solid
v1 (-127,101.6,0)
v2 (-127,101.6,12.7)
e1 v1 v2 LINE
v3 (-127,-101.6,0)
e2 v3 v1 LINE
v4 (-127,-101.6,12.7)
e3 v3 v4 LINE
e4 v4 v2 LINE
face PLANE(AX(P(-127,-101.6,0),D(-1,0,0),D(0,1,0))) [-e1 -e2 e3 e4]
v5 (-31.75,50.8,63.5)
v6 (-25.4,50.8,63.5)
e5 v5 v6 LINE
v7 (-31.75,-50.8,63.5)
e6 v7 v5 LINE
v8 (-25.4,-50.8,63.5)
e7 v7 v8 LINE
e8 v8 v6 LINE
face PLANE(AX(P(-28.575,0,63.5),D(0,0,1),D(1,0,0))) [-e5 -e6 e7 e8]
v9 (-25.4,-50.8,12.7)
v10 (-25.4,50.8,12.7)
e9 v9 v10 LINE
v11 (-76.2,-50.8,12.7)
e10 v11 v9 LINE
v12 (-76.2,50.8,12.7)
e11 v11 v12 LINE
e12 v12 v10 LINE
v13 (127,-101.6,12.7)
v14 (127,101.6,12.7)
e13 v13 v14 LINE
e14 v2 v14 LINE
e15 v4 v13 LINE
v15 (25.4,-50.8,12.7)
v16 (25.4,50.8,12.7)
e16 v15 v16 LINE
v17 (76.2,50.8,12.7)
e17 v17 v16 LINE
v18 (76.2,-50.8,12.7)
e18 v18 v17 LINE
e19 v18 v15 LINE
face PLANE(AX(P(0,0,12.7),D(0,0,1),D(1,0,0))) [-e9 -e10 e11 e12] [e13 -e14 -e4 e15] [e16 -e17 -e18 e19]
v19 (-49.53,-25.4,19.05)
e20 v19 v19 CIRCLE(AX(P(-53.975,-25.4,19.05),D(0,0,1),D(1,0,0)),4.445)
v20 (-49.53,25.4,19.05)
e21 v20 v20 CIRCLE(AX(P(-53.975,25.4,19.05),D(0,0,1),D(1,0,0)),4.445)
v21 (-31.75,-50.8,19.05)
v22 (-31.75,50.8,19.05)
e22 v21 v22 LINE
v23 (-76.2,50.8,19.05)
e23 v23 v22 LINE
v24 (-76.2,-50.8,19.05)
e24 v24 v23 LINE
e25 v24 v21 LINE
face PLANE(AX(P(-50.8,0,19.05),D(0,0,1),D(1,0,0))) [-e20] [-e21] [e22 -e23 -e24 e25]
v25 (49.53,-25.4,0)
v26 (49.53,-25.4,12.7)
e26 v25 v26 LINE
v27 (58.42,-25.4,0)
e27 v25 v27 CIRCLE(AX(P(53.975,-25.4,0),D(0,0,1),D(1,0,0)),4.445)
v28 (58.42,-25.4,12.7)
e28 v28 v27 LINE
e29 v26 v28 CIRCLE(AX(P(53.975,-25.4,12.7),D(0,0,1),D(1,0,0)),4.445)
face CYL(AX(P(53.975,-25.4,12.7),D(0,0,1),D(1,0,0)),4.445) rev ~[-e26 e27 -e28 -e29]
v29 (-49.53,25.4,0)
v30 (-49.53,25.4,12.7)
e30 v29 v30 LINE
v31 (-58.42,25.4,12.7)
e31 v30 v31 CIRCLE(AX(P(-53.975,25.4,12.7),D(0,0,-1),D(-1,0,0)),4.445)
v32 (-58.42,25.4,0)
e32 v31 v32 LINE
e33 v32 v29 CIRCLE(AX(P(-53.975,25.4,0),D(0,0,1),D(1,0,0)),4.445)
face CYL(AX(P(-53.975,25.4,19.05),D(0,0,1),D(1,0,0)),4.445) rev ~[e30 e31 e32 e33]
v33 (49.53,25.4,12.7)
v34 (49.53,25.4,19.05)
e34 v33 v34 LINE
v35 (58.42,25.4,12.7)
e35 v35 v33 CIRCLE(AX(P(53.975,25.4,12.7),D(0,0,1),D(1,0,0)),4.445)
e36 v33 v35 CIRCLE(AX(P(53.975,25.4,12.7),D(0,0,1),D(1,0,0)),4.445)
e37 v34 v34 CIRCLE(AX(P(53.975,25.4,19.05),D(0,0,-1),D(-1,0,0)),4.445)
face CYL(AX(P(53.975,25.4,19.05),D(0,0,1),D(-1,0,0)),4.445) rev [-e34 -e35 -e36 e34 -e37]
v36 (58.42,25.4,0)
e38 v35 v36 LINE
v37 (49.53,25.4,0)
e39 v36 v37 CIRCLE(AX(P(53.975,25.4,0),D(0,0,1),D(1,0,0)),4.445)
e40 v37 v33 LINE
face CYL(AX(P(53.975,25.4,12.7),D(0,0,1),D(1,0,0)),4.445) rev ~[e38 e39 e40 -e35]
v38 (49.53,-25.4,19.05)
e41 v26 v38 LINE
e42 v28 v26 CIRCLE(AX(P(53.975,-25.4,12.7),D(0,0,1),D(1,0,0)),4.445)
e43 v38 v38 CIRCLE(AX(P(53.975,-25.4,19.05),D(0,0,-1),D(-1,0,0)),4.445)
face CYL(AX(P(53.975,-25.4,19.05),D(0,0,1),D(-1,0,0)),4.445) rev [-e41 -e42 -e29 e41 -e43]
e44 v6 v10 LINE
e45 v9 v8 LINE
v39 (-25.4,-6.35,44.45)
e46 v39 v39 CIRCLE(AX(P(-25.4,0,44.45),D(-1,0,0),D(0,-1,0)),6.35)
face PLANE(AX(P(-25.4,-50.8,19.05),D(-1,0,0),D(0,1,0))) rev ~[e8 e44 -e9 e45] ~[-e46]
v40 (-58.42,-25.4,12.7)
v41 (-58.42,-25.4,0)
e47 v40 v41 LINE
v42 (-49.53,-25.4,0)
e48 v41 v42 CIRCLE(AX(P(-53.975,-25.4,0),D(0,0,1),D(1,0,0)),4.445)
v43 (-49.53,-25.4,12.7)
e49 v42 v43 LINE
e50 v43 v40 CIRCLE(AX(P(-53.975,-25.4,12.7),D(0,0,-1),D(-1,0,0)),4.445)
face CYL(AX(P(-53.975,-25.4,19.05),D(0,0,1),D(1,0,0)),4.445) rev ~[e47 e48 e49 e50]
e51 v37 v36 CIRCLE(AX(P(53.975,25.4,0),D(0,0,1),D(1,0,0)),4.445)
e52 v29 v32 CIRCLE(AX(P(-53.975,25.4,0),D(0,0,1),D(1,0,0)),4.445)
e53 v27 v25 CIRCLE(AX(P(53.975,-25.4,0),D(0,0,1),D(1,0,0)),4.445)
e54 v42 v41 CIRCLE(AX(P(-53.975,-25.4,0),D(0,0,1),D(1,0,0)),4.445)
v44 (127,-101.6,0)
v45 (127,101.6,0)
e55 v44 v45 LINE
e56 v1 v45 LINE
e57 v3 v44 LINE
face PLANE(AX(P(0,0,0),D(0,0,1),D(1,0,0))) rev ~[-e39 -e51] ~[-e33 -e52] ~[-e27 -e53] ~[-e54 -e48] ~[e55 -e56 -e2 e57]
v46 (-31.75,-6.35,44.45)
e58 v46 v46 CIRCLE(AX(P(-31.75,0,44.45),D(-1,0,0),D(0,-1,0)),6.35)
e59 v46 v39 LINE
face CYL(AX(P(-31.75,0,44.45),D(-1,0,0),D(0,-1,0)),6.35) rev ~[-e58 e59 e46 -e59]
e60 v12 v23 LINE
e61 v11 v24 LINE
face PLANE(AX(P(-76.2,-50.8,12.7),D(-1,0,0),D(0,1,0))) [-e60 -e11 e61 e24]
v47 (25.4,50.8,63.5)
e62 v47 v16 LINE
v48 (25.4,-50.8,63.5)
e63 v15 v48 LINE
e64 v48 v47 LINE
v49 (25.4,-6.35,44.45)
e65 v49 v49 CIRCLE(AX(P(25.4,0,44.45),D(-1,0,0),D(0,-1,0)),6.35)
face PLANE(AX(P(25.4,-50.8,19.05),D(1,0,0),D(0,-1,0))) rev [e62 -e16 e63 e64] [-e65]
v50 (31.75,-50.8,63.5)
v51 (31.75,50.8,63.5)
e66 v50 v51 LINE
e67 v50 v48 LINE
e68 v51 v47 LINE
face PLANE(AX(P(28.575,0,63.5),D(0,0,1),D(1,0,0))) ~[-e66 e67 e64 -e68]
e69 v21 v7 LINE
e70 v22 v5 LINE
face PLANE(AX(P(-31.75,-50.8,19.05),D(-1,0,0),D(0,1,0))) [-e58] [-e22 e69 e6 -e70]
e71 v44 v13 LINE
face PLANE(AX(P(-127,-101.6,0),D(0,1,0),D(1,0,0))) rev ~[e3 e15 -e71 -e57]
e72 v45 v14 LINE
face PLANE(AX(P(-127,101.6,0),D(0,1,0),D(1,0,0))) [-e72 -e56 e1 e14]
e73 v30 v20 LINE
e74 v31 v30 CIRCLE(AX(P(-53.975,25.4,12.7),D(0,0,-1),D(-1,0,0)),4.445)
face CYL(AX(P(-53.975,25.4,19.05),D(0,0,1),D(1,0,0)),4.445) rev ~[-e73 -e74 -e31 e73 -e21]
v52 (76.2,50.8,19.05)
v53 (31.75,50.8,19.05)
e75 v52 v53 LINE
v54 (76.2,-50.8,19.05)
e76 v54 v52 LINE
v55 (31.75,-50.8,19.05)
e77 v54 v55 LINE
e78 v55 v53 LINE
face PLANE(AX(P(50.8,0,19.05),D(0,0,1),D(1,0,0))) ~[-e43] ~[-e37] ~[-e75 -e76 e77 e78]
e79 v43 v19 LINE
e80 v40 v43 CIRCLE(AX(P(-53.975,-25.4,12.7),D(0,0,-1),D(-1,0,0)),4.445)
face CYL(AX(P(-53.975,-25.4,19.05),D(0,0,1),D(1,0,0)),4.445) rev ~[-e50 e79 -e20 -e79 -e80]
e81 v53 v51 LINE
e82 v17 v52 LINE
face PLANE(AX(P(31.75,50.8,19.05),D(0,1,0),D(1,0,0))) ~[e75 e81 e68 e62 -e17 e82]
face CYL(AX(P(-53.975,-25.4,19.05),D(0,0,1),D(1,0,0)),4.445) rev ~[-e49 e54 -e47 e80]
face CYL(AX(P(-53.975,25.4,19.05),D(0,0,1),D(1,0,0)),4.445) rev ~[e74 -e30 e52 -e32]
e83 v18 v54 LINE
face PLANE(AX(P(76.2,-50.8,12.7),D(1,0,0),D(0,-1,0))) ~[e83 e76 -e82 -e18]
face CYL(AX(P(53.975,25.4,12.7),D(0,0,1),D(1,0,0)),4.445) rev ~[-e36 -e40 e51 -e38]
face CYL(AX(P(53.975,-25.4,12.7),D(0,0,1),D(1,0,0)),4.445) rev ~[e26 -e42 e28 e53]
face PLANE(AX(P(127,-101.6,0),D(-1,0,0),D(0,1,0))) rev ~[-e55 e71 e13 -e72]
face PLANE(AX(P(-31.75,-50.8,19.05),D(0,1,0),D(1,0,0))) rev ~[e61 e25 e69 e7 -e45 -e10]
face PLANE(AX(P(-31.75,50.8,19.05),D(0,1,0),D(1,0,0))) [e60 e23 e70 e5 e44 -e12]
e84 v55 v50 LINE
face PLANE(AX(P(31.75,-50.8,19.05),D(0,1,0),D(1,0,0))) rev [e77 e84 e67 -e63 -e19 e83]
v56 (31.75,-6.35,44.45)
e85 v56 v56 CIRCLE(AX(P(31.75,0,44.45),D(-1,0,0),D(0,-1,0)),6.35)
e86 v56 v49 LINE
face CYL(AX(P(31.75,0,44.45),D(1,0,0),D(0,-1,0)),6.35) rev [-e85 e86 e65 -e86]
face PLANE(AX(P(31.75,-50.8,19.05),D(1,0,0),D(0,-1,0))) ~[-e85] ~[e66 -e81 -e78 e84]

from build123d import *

# Parameters (mm, degrees)
F0_W      = 254
F0_H      = 203.2
F1_DEPTH  = 12.7
F2_R      = 4.445
F3_DEPTH  = 25.4
F4_W      = 50.8
F4_H      = 101.6
F5_DEPTH  = 6.35
F6_W      = 6.35
F6_H      = 101.6
F7_DEPTH  = 44.45
F8_R      = 4.445
F9_DEPTH  = 25.4
F10_R     = 6.35
F11_DEPTH = 25.4


with BuildPart() as f1:
    # F0 (on Top) → F1 (new body)
    with BuildSketch(Plane.XY):
        Rectangle(F0_W, F0_H)
    extrude(amount=F1_DEPTH)

    # F2 (on face) → F3 (cut)
    with BuildSketch(Plane.XY.offset(12.7)):
        with Locations((-53.975, 25.4)):
            Circle(F2_R)
        with Locations((-53.975, -25.4)):
            Circle(F2_R)
        with Locations((53.975, -25.4)):
            Circle(F2_R)
        with Locations((53.975, 25.4)):
            Circle(F2_R)
    extrude(amount=-F3_DEPTH, mode=Mode.SUBTRACT)

    # F4 (on face) → F5 (join)
    with BuildSketch(Plane.XY.offset(12.7)):
        with Locations((-50.8, 0)):
            Rectangle(F4_W, F4_H)
    extrude(amount=F5_DEPTH)

    # F6 (on face) → F7 (join)
    with BuildSketch(Plane.XY.offset(19.05)):
        with Locations((-28.575, 0)):
            Rectangle(F6_W, F6_H)
    extrude(amount=F7_DEPTH)

    # F8 (on face) → F9 (cut)
    with BuildSketch(Plane.XY.offset(19.05)):
        with Locations((-53.975, 25.4)):
            Circle(F8_R)
        with Locations((-53.975, -25.4)):
            Circle(F8_R)
    extrude(amount=-F9_DEPTH, mode=Mode.SUBTRACT)

    # F10 (on face) → F11 (cut)
    with BuildSketch(Plane(origin=(-31.75, 0, 0), x_dir=(0, -1, 0), z_dir=(-1, 0, 0))):
        with Locations((0, 44.45)):
            Circle(F10_R)
    extrude(amount=-F11_DEPTH, mode=Mode.SUBTRACT)

    # F12: F1 across plane


with BuildPart() as f1_1:
    add(f1.part)
    add(f1.part.mirror(Plane.YZ))


solid = f1_1.part
